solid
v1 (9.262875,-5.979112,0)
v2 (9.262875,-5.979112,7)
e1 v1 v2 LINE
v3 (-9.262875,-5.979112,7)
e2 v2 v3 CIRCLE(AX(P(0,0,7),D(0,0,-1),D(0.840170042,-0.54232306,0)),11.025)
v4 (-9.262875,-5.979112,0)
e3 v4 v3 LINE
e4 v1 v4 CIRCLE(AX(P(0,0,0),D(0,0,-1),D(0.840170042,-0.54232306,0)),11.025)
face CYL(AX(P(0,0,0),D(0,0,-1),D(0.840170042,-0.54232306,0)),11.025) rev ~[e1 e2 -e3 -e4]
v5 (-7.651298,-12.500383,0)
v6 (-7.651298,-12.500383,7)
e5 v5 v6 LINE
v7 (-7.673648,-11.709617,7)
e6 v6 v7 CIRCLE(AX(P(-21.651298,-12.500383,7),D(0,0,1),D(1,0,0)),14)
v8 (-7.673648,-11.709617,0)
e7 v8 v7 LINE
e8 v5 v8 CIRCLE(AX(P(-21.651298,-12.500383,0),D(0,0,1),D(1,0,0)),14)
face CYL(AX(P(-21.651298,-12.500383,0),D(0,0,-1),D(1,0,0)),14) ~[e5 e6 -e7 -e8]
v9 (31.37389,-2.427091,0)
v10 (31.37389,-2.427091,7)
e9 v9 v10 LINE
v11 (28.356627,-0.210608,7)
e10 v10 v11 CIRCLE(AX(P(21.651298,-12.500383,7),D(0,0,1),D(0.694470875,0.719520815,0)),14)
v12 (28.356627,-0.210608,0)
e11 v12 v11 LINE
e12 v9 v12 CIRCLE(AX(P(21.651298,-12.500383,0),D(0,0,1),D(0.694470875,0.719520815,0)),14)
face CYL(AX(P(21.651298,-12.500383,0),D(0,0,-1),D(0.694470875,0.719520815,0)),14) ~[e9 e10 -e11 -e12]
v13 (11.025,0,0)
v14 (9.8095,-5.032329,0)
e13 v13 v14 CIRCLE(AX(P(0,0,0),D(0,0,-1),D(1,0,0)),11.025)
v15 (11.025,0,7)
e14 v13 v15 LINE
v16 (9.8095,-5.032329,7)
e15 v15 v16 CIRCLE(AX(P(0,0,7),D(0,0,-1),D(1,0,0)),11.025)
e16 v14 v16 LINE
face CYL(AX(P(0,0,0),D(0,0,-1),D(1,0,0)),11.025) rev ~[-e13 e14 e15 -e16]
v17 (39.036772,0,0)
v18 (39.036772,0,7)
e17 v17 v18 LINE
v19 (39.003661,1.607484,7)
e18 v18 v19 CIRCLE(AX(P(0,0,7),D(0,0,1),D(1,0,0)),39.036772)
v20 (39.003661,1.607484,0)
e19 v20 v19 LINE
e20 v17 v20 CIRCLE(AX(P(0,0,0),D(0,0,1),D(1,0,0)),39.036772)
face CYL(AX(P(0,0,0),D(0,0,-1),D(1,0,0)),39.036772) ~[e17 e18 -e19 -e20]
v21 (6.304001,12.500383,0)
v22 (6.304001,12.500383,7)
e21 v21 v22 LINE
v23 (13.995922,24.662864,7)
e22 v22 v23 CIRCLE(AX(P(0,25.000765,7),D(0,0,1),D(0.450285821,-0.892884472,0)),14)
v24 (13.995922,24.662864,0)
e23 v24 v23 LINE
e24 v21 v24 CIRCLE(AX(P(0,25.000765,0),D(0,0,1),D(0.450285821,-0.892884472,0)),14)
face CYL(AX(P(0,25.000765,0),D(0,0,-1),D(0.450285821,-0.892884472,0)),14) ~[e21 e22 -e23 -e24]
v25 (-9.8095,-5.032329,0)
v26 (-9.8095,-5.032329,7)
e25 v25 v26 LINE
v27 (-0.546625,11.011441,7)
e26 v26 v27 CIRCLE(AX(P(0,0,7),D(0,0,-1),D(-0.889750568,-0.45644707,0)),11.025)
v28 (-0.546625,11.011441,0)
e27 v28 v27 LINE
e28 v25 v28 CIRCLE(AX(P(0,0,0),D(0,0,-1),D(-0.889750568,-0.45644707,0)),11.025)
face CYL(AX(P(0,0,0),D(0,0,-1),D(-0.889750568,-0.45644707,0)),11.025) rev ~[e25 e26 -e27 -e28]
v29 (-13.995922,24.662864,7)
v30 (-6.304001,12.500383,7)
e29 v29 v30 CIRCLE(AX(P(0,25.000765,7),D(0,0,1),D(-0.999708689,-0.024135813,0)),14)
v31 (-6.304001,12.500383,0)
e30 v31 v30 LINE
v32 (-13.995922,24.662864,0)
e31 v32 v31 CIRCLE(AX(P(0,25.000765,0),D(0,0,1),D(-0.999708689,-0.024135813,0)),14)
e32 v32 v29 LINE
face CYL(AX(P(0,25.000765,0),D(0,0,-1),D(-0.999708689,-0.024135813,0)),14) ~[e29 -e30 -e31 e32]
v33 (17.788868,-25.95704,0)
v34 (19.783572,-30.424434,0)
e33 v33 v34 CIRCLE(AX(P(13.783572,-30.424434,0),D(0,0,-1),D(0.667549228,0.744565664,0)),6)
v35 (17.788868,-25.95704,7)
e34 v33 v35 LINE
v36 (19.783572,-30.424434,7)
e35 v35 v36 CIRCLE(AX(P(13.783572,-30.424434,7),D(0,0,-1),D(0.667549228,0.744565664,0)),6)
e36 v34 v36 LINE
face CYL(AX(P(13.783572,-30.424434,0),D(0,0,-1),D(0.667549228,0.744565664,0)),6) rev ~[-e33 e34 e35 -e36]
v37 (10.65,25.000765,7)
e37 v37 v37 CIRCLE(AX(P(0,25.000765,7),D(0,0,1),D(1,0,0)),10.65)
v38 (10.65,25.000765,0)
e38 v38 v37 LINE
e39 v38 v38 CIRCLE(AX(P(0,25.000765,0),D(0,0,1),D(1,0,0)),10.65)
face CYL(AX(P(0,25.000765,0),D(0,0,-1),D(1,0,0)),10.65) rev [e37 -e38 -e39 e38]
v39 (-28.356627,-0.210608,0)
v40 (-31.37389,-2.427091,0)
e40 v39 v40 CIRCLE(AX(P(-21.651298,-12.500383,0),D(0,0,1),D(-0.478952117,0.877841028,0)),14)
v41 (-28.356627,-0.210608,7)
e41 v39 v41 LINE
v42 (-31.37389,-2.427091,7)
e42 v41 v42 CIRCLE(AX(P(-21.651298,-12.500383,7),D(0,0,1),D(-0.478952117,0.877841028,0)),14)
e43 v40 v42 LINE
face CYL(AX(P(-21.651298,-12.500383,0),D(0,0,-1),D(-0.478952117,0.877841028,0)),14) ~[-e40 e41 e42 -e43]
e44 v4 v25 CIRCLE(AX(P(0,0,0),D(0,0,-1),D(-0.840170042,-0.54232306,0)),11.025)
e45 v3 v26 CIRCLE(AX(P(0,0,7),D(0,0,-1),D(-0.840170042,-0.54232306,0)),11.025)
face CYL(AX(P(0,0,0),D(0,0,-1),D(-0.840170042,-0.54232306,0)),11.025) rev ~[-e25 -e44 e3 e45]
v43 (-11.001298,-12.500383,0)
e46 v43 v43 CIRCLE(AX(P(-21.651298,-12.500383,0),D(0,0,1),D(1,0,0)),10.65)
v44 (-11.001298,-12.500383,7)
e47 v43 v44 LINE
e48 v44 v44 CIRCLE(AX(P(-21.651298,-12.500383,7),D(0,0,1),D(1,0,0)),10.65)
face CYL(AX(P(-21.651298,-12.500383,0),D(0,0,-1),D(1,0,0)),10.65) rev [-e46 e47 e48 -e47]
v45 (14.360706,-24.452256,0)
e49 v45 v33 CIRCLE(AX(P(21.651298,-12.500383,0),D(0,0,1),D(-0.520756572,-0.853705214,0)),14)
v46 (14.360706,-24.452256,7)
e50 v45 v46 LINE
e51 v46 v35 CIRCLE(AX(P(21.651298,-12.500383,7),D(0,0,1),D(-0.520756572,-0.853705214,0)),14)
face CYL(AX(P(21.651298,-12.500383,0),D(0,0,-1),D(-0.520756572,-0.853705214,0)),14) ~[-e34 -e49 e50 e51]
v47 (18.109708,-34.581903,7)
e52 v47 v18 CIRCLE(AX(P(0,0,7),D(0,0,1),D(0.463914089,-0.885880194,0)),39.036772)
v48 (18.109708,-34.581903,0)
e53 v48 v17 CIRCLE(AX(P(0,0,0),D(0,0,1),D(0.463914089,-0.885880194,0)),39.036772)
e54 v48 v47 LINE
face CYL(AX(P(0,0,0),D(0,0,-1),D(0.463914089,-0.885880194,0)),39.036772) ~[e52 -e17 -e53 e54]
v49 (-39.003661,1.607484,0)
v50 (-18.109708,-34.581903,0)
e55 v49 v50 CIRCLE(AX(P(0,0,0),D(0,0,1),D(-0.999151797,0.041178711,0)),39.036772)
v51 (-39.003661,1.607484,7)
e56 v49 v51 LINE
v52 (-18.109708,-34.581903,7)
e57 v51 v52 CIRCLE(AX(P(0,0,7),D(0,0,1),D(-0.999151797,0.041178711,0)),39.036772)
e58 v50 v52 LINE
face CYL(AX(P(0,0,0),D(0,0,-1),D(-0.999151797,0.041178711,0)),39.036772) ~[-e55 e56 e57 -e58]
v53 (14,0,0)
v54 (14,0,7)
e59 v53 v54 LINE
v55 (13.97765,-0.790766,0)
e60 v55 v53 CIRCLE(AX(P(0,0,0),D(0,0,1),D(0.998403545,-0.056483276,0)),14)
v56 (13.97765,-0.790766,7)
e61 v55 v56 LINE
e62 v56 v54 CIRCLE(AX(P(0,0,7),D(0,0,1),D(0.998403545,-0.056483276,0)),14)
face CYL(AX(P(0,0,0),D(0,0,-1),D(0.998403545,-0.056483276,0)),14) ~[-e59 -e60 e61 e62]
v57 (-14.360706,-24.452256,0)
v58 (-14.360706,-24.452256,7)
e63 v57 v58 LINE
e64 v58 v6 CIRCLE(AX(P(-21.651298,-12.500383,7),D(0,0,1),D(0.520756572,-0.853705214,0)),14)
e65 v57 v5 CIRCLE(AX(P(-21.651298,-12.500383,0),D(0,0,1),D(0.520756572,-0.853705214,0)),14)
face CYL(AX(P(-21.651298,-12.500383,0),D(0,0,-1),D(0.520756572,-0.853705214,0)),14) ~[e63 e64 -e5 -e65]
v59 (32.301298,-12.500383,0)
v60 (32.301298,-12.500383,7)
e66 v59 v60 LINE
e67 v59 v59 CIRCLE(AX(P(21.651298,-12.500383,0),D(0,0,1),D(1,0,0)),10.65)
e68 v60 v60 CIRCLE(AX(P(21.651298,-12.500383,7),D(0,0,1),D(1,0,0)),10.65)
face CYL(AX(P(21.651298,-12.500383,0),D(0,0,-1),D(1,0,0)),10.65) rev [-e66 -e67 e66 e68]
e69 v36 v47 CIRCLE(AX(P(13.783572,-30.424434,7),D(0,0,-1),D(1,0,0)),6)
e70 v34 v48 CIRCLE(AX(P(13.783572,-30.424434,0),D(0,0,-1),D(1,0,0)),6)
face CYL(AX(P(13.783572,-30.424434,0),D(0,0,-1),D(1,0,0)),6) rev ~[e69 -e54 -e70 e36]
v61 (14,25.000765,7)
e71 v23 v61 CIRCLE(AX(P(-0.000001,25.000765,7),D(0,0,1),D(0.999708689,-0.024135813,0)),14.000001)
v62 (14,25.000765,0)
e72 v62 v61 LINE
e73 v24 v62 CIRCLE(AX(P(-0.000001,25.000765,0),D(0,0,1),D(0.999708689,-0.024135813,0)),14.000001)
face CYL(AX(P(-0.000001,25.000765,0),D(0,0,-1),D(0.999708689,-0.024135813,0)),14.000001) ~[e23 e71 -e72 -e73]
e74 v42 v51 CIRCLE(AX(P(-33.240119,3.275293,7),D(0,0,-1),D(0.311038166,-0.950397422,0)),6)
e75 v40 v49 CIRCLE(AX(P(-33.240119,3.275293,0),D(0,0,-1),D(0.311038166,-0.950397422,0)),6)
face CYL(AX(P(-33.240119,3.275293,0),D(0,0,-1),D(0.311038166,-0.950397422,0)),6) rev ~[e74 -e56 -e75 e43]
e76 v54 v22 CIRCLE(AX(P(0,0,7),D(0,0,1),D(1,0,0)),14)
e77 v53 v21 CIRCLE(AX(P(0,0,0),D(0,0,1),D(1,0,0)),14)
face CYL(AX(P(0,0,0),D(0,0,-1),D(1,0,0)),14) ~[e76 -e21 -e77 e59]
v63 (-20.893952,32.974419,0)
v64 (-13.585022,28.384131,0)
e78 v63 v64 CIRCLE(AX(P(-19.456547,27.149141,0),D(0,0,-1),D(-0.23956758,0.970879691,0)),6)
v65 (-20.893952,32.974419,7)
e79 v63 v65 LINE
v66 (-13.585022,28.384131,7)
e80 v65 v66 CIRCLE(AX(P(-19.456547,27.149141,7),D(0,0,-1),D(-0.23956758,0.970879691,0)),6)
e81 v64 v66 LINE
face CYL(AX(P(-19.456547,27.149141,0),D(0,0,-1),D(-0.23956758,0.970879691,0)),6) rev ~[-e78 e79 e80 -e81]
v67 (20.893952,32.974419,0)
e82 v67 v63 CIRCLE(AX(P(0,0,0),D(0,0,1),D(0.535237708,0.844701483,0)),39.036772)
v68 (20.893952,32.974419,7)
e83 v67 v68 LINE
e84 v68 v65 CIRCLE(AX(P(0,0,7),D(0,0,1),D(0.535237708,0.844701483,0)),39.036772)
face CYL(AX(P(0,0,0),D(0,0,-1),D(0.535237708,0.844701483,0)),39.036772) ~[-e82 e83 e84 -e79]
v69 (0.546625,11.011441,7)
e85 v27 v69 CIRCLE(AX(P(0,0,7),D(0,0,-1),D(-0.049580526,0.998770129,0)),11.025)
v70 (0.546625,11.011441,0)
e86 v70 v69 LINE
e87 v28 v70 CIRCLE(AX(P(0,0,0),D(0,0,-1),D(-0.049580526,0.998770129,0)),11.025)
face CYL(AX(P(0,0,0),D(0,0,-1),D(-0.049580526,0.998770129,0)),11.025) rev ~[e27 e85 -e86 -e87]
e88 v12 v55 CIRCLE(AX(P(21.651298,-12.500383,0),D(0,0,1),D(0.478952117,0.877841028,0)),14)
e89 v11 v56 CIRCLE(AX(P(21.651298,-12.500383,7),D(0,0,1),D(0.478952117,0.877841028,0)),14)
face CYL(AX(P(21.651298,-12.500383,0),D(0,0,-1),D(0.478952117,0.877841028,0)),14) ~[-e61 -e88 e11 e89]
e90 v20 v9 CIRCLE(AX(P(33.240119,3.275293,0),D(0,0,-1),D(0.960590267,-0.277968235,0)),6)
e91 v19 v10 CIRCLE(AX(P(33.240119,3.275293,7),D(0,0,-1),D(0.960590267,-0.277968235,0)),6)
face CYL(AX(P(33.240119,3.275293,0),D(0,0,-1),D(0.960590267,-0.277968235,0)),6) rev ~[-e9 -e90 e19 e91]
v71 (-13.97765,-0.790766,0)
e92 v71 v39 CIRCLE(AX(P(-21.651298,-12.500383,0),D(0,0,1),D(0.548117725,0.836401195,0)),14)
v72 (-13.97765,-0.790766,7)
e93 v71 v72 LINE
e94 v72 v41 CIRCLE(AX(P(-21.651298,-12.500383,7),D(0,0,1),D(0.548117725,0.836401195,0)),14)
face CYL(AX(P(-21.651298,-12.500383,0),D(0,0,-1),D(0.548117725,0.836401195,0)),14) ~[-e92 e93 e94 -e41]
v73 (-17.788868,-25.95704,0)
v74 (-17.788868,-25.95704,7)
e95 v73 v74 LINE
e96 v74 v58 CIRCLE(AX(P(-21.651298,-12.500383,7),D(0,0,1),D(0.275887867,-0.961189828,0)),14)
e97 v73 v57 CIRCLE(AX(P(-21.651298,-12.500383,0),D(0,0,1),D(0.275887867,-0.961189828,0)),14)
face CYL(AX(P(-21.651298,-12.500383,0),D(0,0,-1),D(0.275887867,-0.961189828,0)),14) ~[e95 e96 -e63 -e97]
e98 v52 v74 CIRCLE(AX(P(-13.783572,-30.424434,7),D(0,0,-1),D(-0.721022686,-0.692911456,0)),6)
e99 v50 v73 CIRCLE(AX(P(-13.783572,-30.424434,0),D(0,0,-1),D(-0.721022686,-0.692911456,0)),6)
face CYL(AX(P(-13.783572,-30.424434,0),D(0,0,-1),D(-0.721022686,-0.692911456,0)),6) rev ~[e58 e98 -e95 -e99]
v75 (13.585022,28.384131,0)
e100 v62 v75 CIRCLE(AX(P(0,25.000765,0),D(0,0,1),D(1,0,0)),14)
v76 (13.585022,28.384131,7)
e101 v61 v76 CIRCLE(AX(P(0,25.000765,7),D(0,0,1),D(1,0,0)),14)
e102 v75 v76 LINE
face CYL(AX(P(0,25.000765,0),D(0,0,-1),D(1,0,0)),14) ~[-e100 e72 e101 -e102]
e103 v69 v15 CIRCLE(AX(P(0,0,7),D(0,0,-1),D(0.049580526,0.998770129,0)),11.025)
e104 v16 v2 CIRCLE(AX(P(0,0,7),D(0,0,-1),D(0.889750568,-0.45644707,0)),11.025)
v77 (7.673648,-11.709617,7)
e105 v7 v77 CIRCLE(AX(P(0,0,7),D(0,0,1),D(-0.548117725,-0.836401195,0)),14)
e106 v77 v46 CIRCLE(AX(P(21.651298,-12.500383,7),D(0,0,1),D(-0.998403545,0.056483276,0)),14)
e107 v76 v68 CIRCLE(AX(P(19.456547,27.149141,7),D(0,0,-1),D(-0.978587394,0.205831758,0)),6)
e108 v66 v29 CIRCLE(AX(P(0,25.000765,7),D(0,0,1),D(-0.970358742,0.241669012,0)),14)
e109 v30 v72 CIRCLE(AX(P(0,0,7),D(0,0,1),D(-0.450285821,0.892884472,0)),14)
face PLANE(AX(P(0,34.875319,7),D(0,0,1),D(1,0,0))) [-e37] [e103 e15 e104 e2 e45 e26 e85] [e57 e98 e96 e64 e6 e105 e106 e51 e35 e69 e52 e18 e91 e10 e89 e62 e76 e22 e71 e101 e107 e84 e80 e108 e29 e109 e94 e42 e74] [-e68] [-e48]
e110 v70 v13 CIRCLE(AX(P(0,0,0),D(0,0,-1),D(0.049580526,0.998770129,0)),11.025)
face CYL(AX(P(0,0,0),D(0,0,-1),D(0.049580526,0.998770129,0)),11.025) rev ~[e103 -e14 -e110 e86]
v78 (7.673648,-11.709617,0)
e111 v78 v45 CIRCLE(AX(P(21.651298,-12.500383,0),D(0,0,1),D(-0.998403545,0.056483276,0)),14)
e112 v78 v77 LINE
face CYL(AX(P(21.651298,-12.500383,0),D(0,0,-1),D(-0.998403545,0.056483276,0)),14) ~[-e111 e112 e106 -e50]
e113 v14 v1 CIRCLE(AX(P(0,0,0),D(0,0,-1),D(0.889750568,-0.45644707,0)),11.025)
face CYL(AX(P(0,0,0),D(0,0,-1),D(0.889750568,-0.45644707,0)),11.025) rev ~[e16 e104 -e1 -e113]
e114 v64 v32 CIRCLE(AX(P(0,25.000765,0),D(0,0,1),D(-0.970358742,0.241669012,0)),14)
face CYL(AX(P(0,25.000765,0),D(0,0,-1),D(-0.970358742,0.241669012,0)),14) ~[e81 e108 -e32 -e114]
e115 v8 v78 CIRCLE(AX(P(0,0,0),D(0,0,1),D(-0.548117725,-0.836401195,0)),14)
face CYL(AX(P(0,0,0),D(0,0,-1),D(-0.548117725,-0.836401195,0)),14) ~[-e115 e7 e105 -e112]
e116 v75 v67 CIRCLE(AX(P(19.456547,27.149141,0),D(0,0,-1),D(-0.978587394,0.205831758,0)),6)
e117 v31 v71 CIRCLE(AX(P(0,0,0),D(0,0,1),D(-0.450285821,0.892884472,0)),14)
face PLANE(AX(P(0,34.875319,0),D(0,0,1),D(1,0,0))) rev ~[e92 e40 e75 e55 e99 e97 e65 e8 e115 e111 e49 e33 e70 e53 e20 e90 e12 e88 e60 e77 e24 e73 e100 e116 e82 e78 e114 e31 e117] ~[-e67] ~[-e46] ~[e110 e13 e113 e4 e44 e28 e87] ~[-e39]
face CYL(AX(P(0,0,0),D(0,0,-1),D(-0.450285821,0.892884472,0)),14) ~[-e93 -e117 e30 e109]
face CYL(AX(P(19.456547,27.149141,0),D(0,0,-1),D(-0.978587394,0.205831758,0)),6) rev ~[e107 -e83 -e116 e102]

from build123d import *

# Parameters (mm, degrees)
F0_R     = 10.65
F1_DEPTH = 7


with BuildPart() as f1:
    # F0 (on Top) → F1 (new body)
    with BuildSketch(Plane.XY):
        with BuildLine():
            ThreePointArc((-13.5850223899, 28.3841313799), (0, 39.0007652062), (13.5850223899, 28.3841313799))
            ThreePointArc((13.5850223899, 28.3841313799), (16.2654595363, 32.2301803319), (20.8939522359, 32.9744189809))
            ThreePointArc((20.8939522359, 32.9744189809), (0, 39.0367717308), (-20.8939522359, 32.9744189809))
            ThreePointArc((-20.8939522359, 32.9744189809), (-16.2654595363, 32.2301803319), (-13.5850223899, 28.3841313799))
        make_face()
        with BuildLine():
            ThreePointArc((-17.7888676444, -25.9570401906), (-33.7756534356, -19.5003826031), (-31.3738900343, -2.4270911893))
            ThreePointArc((-31.3738900343, -2.4270911893), (-36.0448847041, -2.0287890033), (-39.0036606305, 1.6074839313))
            ThreePointArc((-39.0036606305, 1.6074839313), (-33.8068360006, -19.5183858654), (-18.1097083945, -34.5819029122))
            ThreePointArc((-18.1097083945, -34.5819029122), (-19.7794251679, -30.2013913286), (-17.7888676444, -25.9570401906))
        make_face()
        with BuildLine():
            ThreePointArc((39.0036606305, 1.6074839313), (36.0448847041, -2.0287890033), (31.3738900343, -2.4270911893))
            ThreePointArc((31.3738900343, -2.4270911893), (34.537652805, -7.0284675601), (35.6512977827, -12.5003826031))
            ThreePointArc((35.6512977827, -12.5003826031), (30.0752510726, -23.6823775489), (17.7888676444, -25.9570401906))
            ThreePointArc((17.7888676444, -25.9570401906), (19.2622478562, -27.9781893195), (19.783572277, -30.424434176))
            ThreePointArc((19.783572277, -30.424434176), (19.3493973149, -32.6653249916), (18.1097083945, -34.5819029122))
            ThreePointArc((18.1097083945, -34.5819029122), (33.3977102499, -20.2104551465), (39.0367717308, 0))
            ThreePointArc((39.0367717308, 0), (39.0284930779, 0.8039124539), (39.0036606305, 1.6074839313))
        make_face()
        with BuildLine():
            ThreePointArc((-6.3040014892, 12.5003826031), (0, 14), (6.3040014892, 12.5003826031))
            ThreePointArc((6.3040014892, 12.5003826031), (11.832295091, 17.5176647206), (13.9959216435, 24.6628638175))
            ThreePointArc((13.9959216435, 24.6628638175), (13.4927928191, 26.4906281105), (13.5850223899, 28.3841313799))
            ThreePointArc((13.5850223899, 28.3841313799), (0, 39.0007652062), (-13.5850223899, 28.3841313799))
            ThreePointArc((-13.5850223899, 28.3841313799), (-13.4887520947, 27.7699684348), (-13.4565467536, 27.1491408348))
            ThreePointArc((-13.4565467536, 27.1491408348), (-13.592940753, 25.8770855413), (-13.9959216435, 24.6628638175))
            ThreePointArc((-13.9959216435, 24.6628638175), (-11.832295091, 17.5176647206), (-6.3040014892, 12.5003826031))
        make_face()
        with Locations((0, 25.0007652062)):
            Circle(F0_R, mode=Mode.SUBTRACT)
        with BuildLine():
            ThreePointArc((0.5466252979, 11.011440677), (7.9867755981, 7.6001342452), (11.025, 0))
            ThreePointArc((11.025, 0), (10.7168176849, -2.5885215294), (9.8095000075, -5.0323289441))
            ThreePointArc((9.8095000075, -5.0323289441), (11.6657646613, -2.6876802087), (13.9776496359, -0.7907658664))
            ThreePointArc((13.9776496359, -0.7907658664), (13.9944112935, -0.3955408305), (14, 0))
            ThreePointArc((14, 0), (11.9217452759, 7.3397540542), (6.3040014892, 12.5003826031))
            ThreePointArc((6.3040014892, 12.5003826031), (3.5052829927, 11.4466886556), (0.5466252979, 11.011440677))
        make_face()
        with BuildLine():
            ThreePointArc((-9.8095000075, -5.0323289441), (-9.5479300767, 5.5125), (-0.5466252979, 11.011440677))
            ThreePointArc((-0.5466252979, 11.011440677), (-3.5052829927, 11.4466886556), (-6.3040014892, 12.5003826031))
            ThreePointArc((-6.3040014892, 12.5003826031), (-12.124355653, 7), (-13.9776496359, -0.7907658664))
            ThreePointArc((-13.9776496359, -0.7907658664), (-11.6657646613, -2.6876802087), (-9.8095000075, -5.0323289441))
        make_face()
        with BuildLine():
            ThreePointArc((-9.2628747096, -5.9791117329), (-9.5479300767, -5.5125), (-9.8095000075, -5.0323289441))
            ThreePointArc((-9.8095000075, -5.0323289441), (-11.6657646613, -2.6876802087), (-13.9776496359, -0.7907658664))
            ThreePointArc((-13.9776496359, -0.7907658664), (-12.124355653, -7), (-7.6736481467, -11.7096167367))
            ThreePointArc((-7.6736481467, -11.7096167367), (-8.1604816686, -8.7590084469), (-9.2628747096, -5.9791117329))
        make_face()
        with BuildLine():
            ThreePointArc((7.6736481467, -11.7096167367), (8.1604816686, -8.7590084469), (9.2628747096, -5.9791117329))
            ThreePointArc((9.2628747096, -5.9791117329), (0, -11.025), (-9.2628747096, -5.9791117329))
            ThreePointArc((-9.2628747096, -5.9791117329), (-8.1604816686, -8.7590084469), (-7.6736481467, -11.7096167367))
            ThreePointArc((-7.6736481467, -11.7096167367), (0, -14), (7.6736481467, -11.7096167367))
        make_face()
        with BuildLine():
            ThreePointArc((-0.5466252979, 11.011440677), (0, 11.025), (0.5466252979, 11.011440677))
            ThreePointArc((0.5466252979, 11.011440677), (3.5052829927, 11.4466886556), (6.3040014892, 12.5003826031))
            ThreePointArc((6.3040014892, 12.5003826031), (0, 14), (-6.3040014892, 12.5003826031))
            ThreePointArc((-6.3040014892, 12.5003826031), (-3.5052829927, 11.4466886556), (-0.5466252979, 11.011440677))
        make_face()
        with BuildLine():
            ThreePointArc((13.9776496359, -0.7907658664), (11.6657646613, -2.6876802087), (9.8095000075, -5.0323289441))
            ThreePointArc((9.8095000075, -5.0323289441), (9.5479300767, -5.5125), (9.2628747096, -5.9791117329))
            ThreePointArc((9.2628747096, -5.9791117329), (8.1604816686, -8.7590084469), (7.6736481467, -11.7096167367))
            ThreePointArc((7.6736481467, -11.7096167367), (12.124355653, -7), (13.9776496359, -0.7907658664))
        make_face()
        with BuildLine():
            ThreePointArc((28.3566274178, -0.2106082161), (21.0868902085, 1.4882357736), (13.9776496359, -0.7907658664))
            ThreePointArc((13.9776496359, -0.7907658664), (12.124355653, -7), (7.6736481467, -11.7096167367))
            ThreePointArc((7.6736481467, -11.7096167367), (9.2545951175, -19.0059004942), (14.3607057743, -24.4522556014))
            ThreePointArc((14.3607057743, -24.4522556014), (16.1951604964, -24.9304154046), (17.7888676444, -25.9570401906))
            ThreePointArc((17.7888676444, -25.9570401906), (30.0752510726, -23.6823775489), (35.6512977827, -12.5003826031))
            ThreePointArc((35.6512977827, -12.5003826031), (34.537652805, -7.0284675601), (31.3738900343, -2.4270911893))
            ThreePointArc((31.3738900343, -2.4270911893), (29.6879533155, -1.5602127059), (28.3566274178, -0.2106082161))
        make_face()
        with Locations((21.6512977827, -12.5003826031)):
            Circle(F0_R, mode=Mode.SUBTRACT)
        with BuildLine():
            ThreePointArc((-7.6736481467, -11.7096167367), (-12.124355653, -7), (-13.9776496359, -0.7907658664))
            ThreePointArc((-13.9776496359, -0.7907658664), (-21.0868902085, 1.4882357736), (-28.3566274178, -0.2106082161))
            ThreePointArc((-28.3566274178, -0.2106082161), (-29.6879533155, -1.5602127059), (-31.3738900343, -2.4270911893))
            ThreePointArc((-31.3738900343, -2.4270911893), (-33.7756534356, -19.5003826031), (-17.7888676444, -25.9570401906))
            ThreePointArc((-17.7888676444, -25.9570401906), (-16.1951604964, -24.9304154046), (-14.3607057743, -24.4522556014))
            ThreePointArc((-14.3607057743, -24.4522556014), (-9.4433436519, -19.3535465397), (-7.6512977827, -12.5003826031))
            ThreePointArc((-7.6512977827, -12.5003826031), (-7.6568864892, -12.1048417726), (-7.6736481467, -11.7096167367))
        make_face()
        with Locations((-21.6512977827, -12.5003826031)):
            Circle(F0_R, mode=Mode.SUBTRACT)
        with BuildLine():
            ThreePointArc((-31.3738900343, -2.4270911893), (-29.6879533155, -1.5602127059), (-28.3566274178, -0.2106082161))
            ThreePointArc((-28.3566274178, -0.2106082161), (-29.9396844515, -1.2175351599), (-31.3738900343, -2.4270911893))
        make_face()
        with BuildLine():
            ThreePointArc((-13.5850223899, 28.3841313799), (-13.9154258473, 26.5372948962), (-13.9959216435, 24.6628638175))
            ThreePointArc((-13.9959216435, 24.6628638175), (-13.592940753, 25.8770855413), (-13.4565467536, 27.1491408348))
            ThreePointArc((-13.4565467536, 27.1491408348), (-13.4887520947, 27.7699684348), (-13.5850223899, 28.3841313799))
        make_face()
        with BuildLine():
            ThreePointArc((13.5850223899, 28.3841313799), (13.4927928191, 26.4906281105), (13.9959216435, 24.6628638175))
            ThreePointArc((13.9959216435, 24.6628638175), (13.9989803737, 24.8318022062), (14, 25.0007652062))
            ThreePointArc((14, 25.0007652062), (13.8958683331, 26.7051252828), (13.5850223899, 28.3841313799))
        make_face()
        with BuildLine():
            ThreePointArc((31.3738900343, -2.4270911893), (29.9396844515, -1.2175351599), (28.3566274178, -0.2106082161))
            ThreePointArc((28.3566274178, -0.2106082161), (29.6879533155, -1.5602127059), (31.3738900343, -2.4270911893))
        make_face()
        with BuildLine():
            ThreePointArc((17.7888676444, -25.9570401906), (16.1951604964, -24.9304154046), (14.3607057743, -24.4522556014))
            ThreePointArc((14.3607057743, -24.4522556014), (16.0242586042, -25.3197597364), (17.7888676444, -25.9570401906))
        make_face()
        with BuildLine():
            ThreePointArc((-17.7888676444, -25.9570401906), (-16.0242586042, -25.3197597364), (-14.3607057743, -24.4522556014))
            ThreePointArc((-14.3607057743, -24.4522556014), (-16.1951604964, -24.9304154046), (-17.7888676444, -25.9570401906))
        make_face()
    extrude(amount=F1_DEPTH)


solid = f1.part
